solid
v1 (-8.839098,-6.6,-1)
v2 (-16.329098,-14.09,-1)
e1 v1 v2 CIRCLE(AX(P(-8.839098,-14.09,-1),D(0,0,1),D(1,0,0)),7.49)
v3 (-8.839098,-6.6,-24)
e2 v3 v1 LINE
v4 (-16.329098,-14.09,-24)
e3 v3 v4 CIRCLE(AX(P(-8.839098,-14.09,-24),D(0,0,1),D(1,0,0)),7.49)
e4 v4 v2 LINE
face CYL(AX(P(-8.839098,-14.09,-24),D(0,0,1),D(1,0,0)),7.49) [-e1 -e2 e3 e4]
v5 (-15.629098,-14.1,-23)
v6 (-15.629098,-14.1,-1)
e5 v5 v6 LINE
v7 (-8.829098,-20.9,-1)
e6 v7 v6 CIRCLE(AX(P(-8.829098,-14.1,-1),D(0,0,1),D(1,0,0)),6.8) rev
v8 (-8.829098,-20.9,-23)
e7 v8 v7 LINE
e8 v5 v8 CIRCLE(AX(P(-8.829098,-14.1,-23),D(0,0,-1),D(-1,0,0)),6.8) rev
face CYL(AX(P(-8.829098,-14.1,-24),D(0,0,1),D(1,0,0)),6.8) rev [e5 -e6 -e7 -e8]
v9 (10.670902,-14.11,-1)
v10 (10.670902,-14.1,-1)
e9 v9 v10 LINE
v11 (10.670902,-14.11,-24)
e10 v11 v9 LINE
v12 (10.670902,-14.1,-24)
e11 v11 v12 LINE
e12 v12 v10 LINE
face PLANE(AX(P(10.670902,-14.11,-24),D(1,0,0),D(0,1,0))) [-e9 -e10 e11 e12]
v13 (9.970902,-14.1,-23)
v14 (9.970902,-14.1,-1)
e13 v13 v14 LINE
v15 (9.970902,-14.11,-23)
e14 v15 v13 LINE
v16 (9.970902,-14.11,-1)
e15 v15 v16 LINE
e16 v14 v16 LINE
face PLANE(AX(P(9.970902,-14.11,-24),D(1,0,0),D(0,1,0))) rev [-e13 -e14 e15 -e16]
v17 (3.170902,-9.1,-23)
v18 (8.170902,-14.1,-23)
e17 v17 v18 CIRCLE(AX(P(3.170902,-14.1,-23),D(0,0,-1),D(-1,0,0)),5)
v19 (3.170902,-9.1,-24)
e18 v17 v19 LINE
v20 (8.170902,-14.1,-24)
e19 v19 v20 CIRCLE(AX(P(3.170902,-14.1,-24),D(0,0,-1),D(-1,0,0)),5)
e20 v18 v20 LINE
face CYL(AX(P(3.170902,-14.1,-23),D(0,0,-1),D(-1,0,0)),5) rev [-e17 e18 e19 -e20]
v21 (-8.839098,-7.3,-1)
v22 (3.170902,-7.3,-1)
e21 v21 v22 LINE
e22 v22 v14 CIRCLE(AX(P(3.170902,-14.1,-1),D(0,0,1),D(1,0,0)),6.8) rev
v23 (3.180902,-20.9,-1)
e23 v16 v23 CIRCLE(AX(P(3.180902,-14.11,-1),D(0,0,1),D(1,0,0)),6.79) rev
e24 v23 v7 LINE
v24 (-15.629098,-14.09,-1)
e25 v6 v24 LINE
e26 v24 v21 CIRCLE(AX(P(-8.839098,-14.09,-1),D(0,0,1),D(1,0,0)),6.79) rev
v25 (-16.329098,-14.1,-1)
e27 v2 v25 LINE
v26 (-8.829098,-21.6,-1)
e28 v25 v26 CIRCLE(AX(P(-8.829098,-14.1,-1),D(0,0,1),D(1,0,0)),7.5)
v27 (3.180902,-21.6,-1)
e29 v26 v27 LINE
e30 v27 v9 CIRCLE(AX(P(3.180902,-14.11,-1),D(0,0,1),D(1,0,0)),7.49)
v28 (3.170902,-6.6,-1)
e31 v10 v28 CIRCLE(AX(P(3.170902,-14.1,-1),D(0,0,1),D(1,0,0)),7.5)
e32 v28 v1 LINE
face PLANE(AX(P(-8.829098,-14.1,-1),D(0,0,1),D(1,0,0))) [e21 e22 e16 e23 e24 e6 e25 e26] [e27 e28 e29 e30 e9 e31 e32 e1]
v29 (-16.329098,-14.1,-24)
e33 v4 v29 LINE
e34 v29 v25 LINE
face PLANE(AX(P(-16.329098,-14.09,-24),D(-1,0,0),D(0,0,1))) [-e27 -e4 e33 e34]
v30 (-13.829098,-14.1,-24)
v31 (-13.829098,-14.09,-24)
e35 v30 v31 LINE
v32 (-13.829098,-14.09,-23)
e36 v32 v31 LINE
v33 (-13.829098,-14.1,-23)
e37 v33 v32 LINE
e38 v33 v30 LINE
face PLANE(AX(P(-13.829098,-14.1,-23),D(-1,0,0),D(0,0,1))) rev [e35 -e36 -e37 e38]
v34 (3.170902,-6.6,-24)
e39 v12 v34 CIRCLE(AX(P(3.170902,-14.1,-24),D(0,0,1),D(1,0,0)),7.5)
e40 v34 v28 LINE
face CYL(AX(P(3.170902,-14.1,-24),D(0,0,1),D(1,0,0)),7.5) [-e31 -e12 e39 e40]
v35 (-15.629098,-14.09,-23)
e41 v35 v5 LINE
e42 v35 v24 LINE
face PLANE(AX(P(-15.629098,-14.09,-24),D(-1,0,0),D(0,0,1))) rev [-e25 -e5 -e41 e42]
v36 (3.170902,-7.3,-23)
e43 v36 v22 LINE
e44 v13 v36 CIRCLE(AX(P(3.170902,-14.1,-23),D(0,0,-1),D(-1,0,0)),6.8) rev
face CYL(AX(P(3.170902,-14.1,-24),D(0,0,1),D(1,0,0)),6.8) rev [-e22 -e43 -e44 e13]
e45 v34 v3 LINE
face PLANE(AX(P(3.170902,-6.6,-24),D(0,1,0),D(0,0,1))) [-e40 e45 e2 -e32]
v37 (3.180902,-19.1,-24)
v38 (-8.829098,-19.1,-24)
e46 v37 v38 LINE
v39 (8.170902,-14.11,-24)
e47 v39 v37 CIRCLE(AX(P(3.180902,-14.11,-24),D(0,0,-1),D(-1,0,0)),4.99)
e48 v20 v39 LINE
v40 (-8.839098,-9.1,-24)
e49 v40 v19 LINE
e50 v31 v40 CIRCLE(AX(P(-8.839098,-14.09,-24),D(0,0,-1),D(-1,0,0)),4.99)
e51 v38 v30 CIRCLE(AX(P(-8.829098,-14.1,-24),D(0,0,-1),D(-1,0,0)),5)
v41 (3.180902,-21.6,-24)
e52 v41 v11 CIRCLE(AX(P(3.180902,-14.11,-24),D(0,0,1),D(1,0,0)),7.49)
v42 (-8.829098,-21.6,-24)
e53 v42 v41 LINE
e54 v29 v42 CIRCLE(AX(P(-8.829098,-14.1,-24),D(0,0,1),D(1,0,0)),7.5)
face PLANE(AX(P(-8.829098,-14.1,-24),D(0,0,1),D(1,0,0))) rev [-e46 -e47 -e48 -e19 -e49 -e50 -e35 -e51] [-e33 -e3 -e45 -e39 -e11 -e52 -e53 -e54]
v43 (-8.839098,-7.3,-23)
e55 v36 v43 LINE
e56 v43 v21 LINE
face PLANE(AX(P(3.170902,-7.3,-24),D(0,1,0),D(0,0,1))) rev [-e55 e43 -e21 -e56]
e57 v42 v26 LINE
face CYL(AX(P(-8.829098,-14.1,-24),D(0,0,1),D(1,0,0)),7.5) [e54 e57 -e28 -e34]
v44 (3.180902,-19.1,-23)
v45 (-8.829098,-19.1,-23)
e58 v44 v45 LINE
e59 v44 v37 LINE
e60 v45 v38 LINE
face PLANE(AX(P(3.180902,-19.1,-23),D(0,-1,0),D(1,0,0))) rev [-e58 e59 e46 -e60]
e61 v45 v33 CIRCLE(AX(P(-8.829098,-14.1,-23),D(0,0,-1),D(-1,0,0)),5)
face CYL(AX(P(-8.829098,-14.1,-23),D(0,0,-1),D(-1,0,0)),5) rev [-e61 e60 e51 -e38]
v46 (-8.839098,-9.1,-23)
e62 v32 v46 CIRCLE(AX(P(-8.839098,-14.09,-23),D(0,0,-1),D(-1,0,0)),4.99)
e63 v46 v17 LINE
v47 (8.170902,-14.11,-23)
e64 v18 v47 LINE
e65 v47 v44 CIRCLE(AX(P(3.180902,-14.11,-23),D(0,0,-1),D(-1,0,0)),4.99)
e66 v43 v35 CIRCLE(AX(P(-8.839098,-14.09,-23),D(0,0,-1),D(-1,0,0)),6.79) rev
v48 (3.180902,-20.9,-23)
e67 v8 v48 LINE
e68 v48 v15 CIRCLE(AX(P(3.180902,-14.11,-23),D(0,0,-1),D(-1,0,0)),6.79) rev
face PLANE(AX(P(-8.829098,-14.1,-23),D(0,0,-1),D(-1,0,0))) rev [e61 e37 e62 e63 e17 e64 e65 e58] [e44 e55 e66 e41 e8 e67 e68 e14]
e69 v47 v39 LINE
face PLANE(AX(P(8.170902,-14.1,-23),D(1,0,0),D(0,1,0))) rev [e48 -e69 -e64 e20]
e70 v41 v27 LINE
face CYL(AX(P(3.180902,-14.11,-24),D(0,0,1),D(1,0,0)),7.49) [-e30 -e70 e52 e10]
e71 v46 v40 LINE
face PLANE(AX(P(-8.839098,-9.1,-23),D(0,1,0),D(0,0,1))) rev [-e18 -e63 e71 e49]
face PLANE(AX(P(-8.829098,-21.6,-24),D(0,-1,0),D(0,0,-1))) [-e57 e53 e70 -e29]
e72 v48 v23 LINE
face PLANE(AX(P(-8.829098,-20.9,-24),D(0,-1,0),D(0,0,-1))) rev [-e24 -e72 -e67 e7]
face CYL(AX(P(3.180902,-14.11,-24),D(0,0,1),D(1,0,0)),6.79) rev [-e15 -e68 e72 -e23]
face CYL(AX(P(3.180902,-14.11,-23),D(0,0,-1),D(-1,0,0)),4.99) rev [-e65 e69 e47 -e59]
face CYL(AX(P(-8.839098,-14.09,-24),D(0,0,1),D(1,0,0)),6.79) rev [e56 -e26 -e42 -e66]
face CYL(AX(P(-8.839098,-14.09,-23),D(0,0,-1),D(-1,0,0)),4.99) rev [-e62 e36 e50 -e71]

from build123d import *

# Parameters (mm, degrees)
EXTRUSION1_DEPTH        = 24
ENL_V_MAT_EXTRU_1_DEPTH = 1
EXTRUSION2_START        = -1
EXTRUSION2_DEPTH        = 1


with BuildPart() as part:
    # Esquisse1 → Extrusion1 (new body)
    with BuildSketch(Plane.XY):
        with BuildLine():
            Line((-8.829098079, -21.6), (3.180901921, -21.6))
            ThreePointArc((3.180901921, -21.6), (8.477131712, -19.406229791), (10.670901921, -14.11))
            Line((10.670901921, -14.11), (10.670901921, -14.1))
            ThreePointArc((10.670901921, -14.1), (8.47420278, -8.796699141), (3.170901921, -6.6))
            Line((3.170901921, -6.6), (-8.839098079, -6.6))
            ThreePointArc((-8.839098079, -6.6), (-14.13532787, -8.793770209), (-16.329098079, -14.09))
            Line((-16.329098079, -14.09), (-16.329098079, -14.1))
            ThreePointArc((-16.329098079, -14.1), (-14.132398938, -19.403300859), (-8.829098079, -21.6))
        make_face()
        with BuildLine():
            Line((3.170901921, -7.3), (-8.839098079, -7.3))
            ThreePointArc((-8.839098079, -7.3), (-13.640353124, -9.288744956), (-15.629098079, -14.09))
            Line((-15.629098079, -14.09), (-15.629098079, -14.1))
            ThreePointArc((-15.629098079, -14.1), (-13.637424191, -18.908326112), (-8.829098079, -20.9))
            Line((-8.829098079, -20.9), (3.180901921, -20.9))
            ThreePointArc((3.180901921, -20.9), (7.982156965, -18.911255044), (9.970901921, -14.11))
            Line((9.970901921, -14.11), (9.970901921, -14.1))
            ThreePointArc((9.970901921, -14.1), (7.979228033, -9.291673888), (3.170901921, -7.3))
        make_face(mode=Mode.SUBTRACT)
    extrude(amount=-EXTRUSION1_DEPTH)

    # Esquisse2 → Enlèv. mat.-Extru.1 (cut)
    with BuildSketch(Plane.XY):
        with BuildLine():
            Line((-8.829098079, -21.6), (3.180901921, -21.6))
            ThreePointArc((3.180901921, -21.6), (8.477131712, -19.406229791), (10.670901921, -14.11))
            Line((10.670901921, -14.11), (10.670901921, -14.1))
            ThreePointArc((10.670901921, -14.1), (8.47420278, -8.796699141), (3.170901921, -6.6))
            Line((3.170901921, -6.6), (-8.839098079, -6.6))
            ThreePointArc((-8.839098079, -6.6), (-14.13532787, -8.793770209), (-16.329098079, -14.09))
            Line((-16.329098079, -14.09), (-16.329098079, -14.1))
            ThreePointArc((-16.329098079, -14.1), (-14.132398938, -19.403300859), (-8.829098079, -21.6))
        make_face()
    extrude(amount=-ENL_V_MAT_EXTRU_1_DEPTH, mode=Mode.SUBTRACT)

    # Esquisse3 → Extrusion2 (add)
    with BuildSketch(Plane(origin=(0, 0, -24), x_dir=(-1, 0, 0), z_dir=(0, 0, -1)).offset(EXTRUSION2_START)):
        with BuildLine():
            Line((16.329098079, -14.1), (16.329098079, -14.09))
            ThreePointArc((16.329098079, -14.09), (14.13532787, -8.793770209), (8.839098079, -6.6))
            Line((8.839098079, -6.6), (-3.170901921, -6.6))
            ThreePointArc((-3.170901921, -6.6), (-8.47420278, -8.796699141), (-10.670901921, -14.1))
            Line((-10.670901921, -14.1), (-10.670901921, -14.11))
            ThreePointArc((-10.670901921, -14.11), (-8.477131712, -19.406229791), (-3.180901921, -21.6))
            Line((-3.180901921, -21.6), (8.829098079, -21.6))
            ThreePointArc((8.829098079, -21.6), (14.132398938, -19.403300859), (16.329098079, -14.1))
        make_face()
        with BuildLine():
            Line((8.839098079, -9.1), (-3.170901921, -9.1))
            ThreePointArc((-3.170901921, -9.1), (-6.706435827, -10.564466094), (-8.170901921, -14.1))
            Line((-8.170901921, -14.1), (-8.170901921, -14.11))
            ThreePointArc((-8.170901921, -14.11), (-6.709364759, -17.638462838), (-3.180901921, -19.1))
            Line((-3.180901921, -19.1), (8.829098079, -19.1))
            ThreePointArc((8.829098079, -19.1), (12.364631985, -17.635533906), (13.829098079, -14.1))
            Line((13.829098079, -14.1), (13.829098079, -14.09))
            ThreePointArc((13.829098079, -14.09), (12.367560918, -10.561537162), (8.839098079, -9.1))
        make_face(mode=Mode.SUBTRACT)
    extrude(amount=EXTRUSION2_DEPTH)


solid = part.part
